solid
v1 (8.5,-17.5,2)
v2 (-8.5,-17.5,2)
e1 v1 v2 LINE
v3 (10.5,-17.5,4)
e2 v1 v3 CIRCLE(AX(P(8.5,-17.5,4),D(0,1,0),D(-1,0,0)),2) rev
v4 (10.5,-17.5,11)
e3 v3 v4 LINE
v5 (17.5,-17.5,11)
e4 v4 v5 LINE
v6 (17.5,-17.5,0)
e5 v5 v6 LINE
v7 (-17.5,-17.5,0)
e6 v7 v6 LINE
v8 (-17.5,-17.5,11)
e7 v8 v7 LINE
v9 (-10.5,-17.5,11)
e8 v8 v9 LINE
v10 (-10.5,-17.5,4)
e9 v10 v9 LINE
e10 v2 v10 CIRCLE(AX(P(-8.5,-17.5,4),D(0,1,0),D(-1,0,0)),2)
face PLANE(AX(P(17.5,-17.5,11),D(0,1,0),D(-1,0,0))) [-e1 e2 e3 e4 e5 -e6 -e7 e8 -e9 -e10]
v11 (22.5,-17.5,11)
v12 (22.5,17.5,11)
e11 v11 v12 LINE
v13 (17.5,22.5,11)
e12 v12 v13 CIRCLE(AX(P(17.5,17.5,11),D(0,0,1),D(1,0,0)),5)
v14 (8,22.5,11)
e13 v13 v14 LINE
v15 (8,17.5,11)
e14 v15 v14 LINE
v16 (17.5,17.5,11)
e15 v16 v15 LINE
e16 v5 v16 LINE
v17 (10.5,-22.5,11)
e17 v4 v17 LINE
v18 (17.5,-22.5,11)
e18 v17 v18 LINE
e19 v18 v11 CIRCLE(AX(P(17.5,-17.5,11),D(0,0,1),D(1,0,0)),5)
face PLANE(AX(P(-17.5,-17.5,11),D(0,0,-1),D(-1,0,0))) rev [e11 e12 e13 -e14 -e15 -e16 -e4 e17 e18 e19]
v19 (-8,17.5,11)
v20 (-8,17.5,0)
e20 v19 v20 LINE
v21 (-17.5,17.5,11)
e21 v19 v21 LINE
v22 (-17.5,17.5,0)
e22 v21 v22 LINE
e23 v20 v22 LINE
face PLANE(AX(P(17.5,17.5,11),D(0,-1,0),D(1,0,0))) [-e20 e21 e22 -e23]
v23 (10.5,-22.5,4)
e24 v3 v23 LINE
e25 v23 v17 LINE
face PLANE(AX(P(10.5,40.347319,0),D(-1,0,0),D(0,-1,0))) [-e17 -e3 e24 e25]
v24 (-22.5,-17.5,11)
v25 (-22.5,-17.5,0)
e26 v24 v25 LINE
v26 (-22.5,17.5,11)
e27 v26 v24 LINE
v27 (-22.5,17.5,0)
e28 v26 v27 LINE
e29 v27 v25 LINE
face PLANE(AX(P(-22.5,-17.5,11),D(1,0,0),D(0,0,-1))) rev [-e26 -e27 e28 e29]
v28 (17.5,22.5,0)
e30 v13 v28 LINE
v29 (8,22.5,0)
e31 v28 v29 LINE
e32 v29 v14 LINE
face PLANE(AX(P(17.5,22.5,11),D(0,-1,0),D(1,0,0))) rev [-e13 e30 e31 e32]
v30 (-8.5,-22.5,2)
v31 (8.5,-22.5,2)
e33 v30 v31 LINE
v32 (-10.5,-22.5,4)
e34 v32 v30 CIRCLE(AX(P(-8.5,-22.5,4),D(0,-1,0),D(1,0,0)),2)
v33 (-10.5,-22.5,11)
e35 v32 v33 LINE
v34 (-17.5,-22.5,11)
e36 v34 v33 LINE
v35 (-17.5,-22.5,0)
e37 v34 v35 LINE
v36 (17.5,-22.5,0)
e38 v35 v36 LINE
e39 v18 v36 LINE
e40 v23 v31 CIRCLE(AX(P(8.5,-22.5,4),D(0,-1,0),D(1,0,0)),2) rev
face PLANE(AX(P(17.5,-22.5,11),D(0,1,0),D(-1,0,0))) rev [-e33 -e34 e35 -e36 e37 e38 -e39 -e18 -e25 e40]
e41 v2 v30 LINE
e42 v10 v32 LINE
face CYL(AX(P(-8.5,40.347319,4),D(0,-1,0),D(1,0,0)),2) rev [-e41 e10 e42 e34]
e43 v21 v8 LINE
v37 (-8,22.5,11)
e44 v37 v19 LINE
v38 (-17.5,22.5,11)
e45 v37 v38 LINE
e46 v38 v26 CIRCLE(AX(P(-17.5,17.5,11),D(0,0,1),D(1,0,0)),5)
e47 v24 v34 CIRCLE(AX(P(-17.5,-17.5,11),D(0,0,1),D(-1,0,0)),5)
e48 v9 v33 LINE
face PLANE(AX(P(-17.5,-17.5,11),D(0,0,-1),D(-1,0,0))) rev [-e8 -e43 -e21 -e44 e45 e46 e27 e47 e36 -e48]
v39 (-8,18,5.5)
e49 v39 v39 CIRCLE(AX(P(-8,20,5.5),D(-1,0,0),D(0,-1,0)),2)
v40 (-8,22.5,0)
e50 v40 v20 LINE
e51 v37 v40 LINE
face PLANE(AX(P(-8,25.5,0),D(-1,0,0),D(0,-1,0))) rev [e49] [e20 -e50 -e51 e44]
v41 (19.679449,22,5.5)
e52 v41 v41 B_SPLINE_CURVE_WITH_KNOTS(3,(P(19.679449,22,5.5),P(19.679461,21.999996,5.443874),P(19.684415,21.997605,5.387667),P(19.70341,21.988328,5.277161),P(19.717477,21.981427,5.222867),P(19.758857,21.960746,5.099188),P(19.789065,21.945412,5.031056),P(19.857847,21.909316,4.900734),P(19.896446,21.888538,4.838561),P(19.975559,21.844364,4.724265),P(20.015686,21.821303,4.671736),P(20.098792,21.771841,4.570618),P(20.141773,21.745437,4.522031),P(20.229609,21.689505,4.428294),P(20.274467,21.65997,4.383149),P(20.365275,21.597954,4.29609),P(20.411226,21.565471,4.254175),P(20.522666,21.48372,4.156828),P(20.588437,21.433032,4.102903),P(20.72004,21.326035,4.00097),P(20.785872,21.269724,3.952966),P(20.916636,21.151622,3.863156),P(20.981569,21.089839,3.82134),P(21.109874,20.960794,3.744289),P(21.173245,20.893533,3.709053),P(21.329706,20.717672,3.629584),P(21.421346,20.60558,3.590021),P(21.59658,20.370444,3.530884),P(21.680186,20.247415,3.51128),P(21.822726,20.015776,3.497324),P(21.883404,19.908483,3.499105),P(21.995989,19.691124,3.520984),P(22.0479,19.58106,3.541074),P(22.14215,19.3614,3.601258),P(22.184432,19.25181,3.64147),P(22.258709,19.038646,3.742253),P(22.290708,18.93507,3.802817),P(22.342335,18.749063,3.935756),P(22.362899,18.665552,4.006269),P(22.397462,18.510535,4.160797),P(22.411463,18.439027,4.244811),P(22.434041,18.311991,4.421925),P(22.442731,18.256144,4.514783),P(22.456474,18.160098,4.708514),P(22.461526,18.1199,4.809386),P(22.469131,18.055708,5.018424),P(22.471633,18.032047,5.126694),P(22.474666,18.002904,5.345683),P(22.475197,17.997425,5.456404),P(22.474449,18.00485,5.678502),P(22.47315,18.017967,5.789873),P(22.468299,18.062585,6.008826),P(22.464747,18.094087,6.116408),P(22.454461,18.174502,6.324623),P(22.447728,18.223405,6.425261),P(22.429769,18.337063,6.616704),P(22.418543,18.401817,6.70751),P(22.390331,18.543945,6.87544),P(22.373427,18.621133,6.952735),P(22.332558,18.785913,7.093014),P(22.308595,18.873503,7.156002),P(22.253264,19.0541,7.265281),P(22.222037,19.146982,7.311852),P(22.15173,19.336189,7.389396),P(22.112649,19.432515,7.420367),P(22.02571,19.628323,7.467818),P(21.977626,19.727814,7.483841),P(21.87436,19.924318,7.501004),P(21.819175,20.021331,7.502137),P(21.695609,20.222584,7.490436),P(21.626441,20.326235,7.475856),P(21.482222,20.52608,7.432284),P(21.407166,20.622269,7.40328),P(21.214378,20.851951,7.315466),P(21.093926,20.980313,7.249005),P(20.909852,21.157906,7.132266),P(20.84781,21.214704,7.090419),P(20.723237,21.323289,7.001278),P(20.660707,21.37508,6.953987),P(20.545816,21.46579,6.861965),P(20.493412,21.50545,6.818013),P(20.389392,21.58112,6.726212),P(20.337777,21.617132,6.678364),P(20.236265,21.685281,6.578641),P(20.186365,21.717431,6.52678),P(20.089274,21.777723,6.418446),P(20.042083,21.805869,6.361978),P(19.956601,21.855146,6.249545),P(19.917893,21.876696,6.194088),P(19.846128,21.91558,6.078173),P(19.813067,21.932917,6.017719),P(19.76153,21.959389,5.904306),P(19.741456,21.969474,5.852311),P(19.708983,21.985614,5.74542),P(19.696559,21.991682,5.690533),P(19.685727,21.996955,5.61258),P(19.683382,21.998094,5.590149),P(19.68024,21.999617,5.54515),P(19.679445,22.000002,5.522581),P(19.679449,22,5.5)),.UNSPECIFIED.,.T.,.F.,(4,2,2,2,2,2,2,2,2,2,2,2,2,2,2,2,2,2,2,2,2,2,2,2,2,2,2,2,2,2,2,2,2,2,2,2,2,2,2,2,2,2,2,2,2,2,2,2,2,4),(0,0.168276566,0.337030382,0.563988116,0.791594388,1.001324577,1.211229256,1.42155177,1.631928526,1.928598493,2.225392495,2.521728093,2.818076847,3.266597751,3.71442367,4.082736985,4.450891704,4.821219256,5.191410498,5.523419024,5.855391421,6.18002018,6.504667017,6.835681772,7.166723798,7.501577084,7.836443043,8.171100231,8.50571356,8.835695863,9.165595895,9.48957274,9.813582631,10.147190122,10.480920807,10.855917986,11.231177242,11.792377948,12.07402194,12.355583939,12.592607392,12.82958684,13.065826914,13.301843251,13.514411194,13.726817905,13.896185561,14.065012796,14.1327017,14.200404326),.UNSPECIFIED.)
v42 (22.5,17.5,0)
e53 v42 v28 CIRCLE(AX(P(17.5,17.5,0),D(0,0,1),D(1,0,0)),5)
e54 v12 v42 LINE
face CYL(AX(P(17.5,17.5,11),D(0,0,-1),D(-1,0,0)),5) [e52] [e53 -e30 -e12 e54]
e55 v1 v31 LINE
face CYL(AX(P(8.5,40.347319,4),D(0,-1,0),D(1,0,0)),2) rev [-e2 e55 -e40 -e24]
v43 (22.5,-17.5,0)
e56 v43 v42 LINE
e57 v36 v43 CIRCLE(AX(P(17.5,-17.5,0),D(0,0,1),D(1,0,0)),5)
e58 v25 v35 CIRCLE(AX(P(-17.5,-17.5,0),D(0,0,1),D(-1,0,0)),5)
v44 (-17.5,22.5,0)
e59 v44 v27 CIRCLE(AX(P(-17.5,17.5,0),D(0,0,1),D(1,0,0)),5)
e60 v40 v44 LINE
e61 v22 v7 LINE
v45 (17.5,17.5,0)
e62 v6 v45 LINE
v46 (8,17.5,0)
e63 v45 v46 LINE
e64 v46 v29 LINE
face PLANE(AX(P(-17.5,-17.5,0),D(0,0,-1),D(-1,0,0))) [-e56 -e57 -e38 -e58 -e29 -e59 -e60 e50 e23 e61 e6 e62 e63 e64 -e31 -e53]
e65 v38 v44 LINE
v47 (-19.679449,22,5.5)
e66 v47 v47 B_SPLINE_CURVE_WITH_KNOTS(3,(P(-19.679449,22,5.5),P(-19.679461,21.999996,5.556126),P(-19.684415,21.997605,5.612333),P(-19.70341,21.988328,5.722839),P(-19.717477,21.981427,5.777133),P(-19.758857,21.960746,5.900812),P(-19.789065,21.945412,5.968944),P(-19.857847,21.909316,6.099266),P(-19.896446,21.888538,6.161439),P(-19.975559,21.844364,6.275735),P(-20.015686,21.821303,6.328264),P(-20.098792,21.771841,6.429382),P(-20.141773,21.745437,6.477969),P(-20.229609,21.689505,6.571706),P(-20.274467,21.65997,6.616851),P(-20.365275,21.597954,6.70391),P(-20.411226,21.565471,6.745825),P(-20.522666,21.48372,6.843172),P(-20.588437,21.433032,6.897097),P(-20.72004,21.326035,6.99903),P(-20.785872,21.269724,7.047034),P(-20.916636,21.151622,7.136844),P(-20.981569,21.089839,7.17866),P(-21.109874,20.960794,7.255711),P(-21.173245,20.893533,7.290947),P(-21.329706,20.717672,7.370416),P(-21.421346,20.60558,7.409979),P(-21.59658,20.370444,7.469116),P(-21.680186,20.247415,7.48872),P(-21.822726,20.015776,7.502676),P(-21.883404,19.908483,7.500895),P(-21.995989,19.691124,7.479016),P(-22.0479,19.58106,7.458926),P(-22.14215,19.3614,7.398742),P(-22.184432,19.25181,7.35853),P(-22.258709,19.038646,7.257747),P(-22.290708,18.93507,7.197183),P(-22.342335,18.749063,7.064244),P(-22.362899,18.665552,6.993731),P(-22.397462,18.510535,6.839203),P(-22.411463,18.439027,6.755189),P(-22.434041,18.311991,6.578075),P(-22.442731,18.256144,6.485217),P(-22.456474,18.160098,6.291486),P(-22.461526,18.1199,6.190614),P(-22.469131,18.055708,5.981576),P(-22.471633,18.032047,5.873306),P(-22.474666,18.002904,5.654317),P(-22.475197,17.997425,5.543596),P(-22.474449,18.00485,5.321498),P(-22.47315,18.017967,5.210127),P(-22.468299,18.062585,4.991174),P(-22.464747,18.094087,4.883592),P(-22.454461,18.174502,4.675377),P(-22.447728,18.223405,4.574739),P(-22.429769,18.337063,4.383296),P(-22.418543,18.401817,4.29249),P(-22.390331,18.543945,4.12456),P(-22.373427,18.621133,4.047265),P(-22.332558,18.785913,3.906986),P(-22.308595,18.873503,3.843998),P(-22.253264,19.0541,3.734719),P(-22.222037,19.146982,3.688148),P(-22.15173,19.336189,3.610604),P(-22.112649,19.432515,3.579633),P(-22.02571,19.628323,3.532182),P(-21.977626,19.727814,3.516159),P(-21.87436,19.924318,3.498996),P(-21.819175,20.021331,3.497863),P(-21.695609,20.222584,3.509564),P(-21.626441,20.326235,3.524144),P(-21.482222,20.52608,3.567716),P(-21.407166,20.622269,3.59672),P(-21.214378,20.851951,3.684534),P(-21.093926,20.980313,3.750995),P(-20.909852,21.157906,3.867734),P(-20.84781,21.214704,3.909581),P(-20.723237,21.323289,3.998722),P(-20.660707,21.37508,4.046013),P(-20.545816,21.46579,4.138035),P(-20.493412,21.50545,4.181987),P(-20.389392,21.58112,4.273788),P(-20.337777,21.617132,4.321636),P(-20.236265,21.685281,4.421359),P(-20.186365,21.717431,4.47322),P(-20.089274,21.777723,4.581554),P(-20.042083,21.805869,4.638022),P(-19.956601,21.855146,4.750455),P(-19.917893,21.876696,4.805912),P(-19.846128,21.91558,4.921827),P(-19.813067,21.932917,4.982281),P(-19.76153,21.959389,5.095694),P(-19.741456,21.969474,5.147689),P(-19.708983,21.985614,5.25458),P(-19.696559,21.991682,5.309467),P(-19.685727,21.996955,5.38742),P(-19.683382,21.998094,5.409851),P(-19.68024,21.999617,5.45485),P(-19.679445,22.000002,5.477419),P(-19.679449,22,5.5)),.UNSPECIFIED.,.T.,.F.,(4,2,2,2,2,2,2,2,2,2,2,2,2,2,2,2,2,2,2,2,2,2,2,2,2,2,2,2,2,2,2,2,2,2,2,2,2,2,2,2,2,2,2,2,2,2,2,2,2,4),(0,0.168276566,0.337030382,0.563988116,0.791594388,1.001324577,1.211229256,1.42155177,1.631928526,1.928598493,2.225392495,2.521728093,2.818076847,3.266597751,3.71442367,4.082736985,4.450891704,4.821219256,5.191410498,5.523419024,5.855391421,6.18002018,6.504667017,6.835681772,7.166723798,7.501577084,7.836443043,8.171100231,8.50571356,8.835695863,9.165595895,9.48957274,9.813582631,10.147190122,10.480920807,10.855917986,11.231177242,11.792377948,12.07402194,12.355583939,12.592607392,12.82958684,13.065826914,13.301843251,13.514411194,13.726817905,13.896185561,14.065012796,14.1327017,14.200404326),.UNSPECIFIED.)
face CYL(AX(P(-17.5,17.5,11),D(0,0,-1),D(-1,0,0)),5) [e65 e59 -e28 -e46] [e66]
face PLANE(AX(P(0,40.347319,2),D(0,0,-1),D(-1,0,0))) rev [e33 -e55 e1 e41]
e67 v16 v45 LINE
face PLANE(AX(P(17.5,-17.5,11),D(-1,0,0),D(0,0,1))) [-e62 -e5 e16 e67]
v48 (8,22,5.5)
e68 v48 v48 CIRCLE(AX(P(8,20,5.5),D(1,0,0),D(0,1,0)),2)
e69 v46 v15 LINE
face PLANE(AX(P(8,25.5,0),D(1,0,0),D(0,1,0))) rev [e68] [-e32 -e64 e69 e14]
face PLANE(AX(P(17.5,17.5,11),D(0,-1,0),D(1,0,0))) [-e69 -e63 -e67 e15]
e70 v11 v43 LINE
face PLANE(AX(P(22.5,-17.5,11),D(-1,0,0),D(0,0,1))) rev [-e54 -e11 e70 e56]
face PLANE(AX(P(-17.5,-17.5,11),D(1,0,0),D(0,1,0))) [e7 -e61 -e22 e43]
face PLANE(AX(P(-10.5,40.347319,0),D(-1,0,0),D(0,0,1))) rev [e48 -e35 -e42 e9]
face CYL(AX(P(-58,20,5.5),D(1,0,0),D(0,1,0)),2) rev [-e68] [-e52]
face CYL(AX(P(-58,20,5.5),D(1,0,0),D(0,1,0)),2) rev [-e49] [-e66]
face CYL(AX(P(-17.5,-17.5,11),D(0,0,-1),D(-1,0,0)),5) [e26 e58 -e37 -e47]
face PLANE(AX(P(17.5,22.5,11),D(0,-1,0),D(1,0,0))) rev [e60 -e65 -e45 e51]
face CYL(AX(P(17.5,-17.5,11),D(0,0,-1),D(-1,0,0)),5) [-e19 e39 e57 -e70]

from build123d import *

# Parameters (mm, degrees)
ESQUISSE1_W                  = 35
ESQUISSE1_H                  = 35
BOSS_EXTRU_1_DEPTH           = 11
ESQUISSE2_W                  = 16
ESQUISSE2_H                  = 10
ENL_V_MAT_EXTRU_1_DEPTH      = 34.667491739
ESQUISSE3_R                  = 2
ENL_V_MAT_EXTRU_2_DEPTH      = 50
ENL_V_MAT_EXTRU_3_DEPTH      = 52.500000152
ENL_V_MAT_EXTRU_3_DEPTH_BACK = 40


with BuildPart() as part:
    # Esquisse1 → Boss.-Extru.1 (new body)
    with BuildSketch(Plane.XY):
        with BuildLine():
            Line((17.5, -22.5), (-17.5, -22.5))
            ThreePointArc((-17.5, -22.5), (-21.035533906, -21.035533906), (-22.5, -17.5))
            Line((-22.5, -17.5), (-22.5, 17.5))
            ThreePointArc((-22.5, 17.5), (-21.035533906, 21.035533906), (-17.5, 22.5))
            Line((-17.5, 22.5), (17.5, 22.5))
            ThreePointArc((17.5, 22.5), (21.035533906, 21.035533906), (22.5, 17.5))
            Line((22.5, 17.5), (22.5, -17.5))
            ThreePointArc((22.5, -17.5), (21.035533906, -21.035533906), (17.5, -22.5))
        make_face()
        Rectangle(ESQUISSE1_W, ESQUISSE1_H, mode=Mode.SUBTRACT)
    extrude(amount=BOSS_EXTRU_1_DEPTH)

    # Esquisse2 → Enlèv. mat.-Extru.1 (cut, through all)
    with BuildSketch(Plane.XY.offset(11)):
        with Locations((0, 20.5)):
            Rectangle(ESQUISSE2_W, ESQUISSE2_H)
    extrude(amount=-ENL_V_MAT_EXTRU_1_DEPTH, mode=Mode.SUBTRACT)

    # Esquisse3 → Enlèv. mat.-Extru.2 (cut, symmetric)
    with BuildSketch(Plane(origin=(-8, 0, 0), x_dir=(0, 0, -1), z_dir=(1, 0, 0))):
        with Locations(Location((-5.5, 20, 0), (0, 0, 90))):
            Circle(ESQUISSE3_R)
    extrude(amount=ENL_V_MAT_EXTRU_2_DEPTH, both=True, mode=Mode.SUBTRACT)

    # Esquisse4 → Enlèv. mat.-Extru.3 (cut, two sides: drawn at the far end of the back side and taken through both)
    with BuildSketch(Plane.XZ.offset(22.5).offset(-ENL_V_MAT_EXTRU_3_DEPTH_BACK)):
        with BuildLine():
            Line((10.5, 11), (0, 11))
            Line((0, 11), (0, 2))
            Line((0, 2), (8.5, 2))
            ThreePointArc((8.5, 2), (9.914213562, 2.585786438), (10.5, 4))
            Line((10.5, 4), (10.5, 11))
        make_face()
        with BuildLine():
            Line((0, 11), (-10.5, 11))
            Line((-10.5, 11), (-10.5, 4))
            ThreePointArc((-10.5, 4), (-9.914213562, 2.585786438), (-8.5, 2))
            Line((-8.5, 2), (0, 2))
            Line((0, 2), (0, 11))
        make_face()
    extrude(amount=ENL_V_MAT_EXTRU_3_DEPTH + ENL_V_MAT_EXTRU_3_DEPTH_BACK, mode=Mode.SUBTRACT)


solid = part.part
